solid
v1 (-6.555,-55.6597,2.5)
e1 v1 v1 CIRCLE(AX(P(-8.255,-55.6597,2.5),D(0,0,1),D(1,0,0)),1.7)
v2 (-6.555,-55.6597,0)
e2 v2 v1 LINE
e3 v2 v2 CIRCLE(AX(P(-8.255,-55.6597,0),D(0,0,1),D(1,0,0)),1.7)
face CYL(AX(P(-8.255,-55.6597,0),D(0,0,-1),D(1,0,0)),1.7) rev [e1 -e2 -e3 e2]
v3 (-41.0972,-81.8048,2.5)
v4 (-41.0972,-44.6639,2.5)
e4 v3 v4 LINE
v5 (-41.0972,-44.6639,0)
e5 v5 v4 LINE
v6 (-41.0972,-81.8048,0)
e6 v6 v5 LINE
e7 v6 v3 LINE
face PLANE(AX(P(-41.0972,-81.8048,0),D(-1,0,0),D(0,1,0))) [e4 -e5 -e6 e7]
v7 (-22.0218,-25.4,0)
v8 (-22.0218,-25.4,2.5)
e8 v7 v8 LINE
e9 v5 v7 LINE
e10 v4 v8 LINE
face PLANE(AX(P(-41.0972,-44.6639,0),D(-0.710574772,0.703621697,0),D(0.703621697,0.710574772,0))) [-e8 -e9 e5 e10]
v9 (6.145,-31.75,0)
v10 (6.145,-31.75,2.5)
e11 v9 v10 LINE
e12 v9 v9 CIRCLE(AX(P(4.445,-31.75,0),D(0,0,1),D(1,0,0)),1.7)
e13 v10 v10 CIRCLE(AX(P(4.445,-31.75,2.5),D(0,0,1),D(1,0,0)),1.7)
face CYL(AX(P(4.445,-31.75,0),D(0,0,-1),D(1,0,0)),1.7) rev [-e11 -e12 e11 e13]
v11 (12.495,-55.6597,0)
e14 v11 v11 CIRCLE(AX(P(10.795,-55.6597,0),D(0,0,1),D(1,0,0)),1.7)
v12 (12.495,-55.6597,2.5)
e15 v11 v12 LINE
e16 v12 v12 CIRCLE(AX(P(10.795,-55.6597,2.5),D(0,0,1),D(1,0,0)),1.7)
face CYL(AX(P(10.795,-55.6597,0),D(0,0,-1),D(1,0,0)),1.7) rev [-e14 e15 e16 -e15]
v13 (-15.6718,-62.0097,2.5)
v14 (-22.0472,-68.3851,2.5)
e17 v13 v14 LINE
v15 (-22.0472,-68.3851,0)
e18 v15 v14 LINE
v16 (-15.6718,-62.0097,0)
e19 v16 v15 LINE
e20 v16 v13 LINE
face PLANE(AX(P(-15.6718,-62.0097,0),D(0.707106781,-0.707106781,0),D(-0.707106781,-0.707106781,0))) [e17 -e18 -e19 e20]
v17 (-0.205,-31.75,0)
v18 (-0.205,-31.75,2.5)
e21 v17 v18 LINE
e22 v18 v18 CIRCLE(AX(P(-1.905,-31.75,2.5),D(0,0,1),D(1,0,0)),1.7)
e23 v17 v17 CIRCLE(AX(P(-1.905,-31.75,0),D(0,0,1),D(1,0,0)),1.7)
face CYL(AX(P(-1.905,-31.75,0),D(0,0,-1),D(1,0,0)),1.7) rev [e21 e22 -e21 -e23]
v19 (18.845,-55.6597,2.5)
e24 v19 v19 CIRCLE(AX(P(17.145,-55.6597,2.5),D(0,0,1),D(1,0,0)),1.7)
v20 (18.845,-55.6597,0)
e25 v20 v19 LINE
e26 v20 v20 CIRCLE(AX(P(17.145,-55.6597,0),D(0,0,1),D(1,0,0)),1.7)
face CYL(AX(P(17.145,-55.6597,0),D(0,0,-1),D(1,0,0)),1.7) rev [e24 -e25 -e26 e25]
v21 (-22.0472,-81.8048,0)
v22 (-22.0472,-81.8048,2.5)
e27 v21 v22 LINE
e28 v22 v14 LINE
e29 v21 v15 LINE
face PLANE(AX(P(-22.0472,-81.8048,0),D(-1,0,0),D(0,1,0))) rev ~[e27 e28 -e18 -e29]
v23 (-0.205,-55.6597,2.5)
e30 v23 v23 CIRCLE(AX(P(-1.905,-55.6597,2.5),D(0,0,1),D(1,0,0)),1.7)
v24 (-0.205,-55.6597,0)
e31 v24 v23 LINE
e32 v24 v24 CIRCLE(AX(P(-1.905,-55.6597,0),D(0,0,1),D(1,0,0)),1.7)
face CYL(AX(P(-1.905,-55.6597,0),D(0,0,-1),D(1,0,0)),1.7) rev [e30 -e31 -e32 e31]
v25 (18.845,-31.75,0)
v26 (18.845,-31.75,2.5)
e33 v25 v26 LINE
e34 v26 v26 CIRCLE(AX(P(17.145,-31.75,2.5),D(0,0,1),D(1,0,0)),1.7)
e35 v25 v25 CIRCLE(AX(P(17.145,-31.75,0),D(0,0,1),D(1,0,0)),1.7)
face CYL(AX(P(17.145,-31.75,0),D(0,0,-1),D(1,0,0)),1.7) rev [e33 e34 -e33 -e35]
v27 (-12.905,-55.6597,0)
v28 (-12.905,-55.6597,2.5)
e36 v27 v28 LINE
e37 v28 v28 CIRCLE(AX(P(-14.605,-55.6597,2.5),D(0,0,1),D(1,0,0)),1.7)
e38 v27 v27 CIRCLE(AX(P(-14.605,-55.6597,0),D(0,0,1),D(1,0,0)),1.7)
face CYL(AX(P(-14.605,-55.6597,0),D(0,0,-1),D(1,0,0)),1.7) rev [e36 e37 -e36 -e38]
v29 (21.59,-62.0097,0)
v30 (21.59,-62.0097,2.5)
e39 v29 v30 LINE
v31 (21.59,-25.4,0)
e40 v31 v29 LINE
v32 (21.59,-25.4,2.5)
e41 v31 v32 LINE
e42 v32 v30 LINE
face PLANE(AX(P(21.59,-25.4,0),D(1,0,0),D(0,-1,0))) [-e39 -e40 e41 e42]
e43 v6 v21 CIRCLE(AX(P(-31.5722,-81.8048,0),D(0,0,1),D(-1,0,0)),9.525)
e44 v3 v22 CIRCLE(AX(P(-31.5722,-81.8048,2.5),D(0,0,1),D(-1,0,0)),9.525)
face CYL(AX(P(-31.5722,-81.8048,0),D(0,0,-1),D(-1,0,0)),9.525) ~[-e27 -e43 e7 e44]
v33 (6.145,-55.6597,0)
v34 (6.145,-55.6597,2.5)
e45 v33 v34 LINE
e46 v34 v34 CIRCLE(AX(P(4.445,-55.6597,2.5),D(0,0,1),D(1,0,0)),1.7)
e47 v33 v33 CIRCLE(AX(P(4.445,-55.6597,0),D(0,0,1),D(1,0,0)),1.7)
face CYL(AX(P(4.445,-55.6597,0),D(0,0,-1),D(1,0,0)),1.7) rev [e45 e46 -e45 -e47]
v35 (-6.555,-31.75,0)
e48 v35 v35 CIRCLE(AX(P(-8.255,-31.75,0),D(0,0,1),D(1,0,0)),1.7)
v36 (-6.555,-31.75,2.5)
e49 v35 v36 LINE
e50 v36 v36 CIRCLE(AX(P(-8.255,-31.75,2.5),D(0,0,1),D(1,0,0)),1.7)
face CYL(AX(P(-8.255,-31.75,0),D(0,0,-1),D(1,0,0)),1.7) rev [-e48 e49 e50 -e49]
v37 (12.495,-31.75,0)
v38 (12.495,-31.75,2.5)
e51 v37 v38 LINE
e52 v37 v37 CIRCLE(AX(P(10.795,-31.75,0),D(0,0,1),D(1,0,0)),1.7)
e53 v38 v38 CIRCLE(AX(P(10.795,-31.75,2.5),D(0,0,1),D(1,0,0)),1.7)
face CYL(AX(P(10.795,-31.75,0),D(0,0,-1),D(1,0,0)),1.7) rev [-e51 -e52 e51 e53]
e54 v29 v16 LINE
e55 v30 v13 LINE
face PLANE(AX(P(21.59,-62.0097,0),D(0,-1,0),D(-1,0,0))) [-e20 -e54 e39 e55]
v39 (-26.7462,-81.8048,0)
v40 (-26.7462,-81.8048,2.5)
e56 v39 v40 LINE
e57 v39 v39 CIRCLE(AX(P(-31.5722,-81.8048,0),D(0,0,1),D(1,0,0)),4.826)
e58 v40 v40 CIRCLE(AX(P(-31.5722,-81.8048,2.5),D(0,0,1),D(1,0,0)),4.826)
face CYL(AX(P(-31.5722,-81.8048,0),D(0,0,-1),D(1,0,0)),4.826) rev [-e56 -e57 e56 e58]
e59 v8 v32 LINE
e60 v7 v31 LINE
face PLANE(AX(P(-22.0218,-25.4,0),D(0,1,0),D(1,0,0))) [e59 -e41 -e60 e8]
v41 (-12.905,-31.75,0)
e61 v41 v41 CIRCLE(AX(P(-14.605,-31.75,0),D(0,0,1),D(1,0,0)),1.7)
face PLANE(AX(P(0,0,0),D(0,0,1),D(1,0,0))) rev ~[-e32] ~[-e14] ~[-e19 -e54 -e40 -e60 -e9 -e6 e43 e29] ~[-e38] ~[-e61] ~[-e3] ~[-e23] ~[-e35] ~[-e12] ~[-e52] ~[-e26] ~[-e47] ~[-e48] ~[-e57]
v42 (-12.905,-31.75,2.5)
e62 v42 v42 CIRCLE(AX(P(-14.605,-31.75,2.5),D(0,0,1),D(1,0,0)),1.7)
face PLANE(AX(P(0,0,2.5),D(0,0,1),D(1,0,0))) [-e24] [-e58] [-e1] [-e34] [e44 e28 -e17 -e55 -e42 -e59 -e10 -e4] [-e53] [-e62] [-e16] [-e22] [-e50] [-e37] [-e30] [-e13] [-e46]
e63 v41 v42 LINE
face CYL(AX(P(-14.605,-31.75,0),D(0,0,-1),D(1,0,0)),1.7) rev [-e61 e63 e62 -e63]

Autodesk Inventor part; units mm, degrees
ref_plane "YZ Plane" through (0, 0, 0) normal (1, 0, 0) x (0, 1, 0)
ref_plane "XZ Plane" through (0, 0, 0) normal (0, 1, 0) x (-1, 0, 0)
ref_plane "XY Plane" through (0, 0, 0) normal (0, 0, 1) x (1, 0, 0)
ref_plane "Work Plane1" through (0, 0, 0) normal (0, 0, 1) x (1, 0, 0)
sketch "Sketch1" plane through (0, 0, 0) normal (0, 0, 1) x (1, 0, 0)
  line L0 (11.43, 0) -> (11.43, -63.5) construction
  line L1 (0, 0) -> (11.43, 0) construction
  line L2 (0, 0) -> (0, -63.5) construction
  line L3 (7.44, -34.7378) -> (0, -34.7378) construction
  circle A0 centre (5.715, -31.75) radius 1.7 construction
  line L4 (0, -63.5) -> (11.43, -63.5) construction
  circle A1 centre (5.715, -55.6597) radius 1.7 construction
  line L5 (21.59, -62.0097) -> (-15.6718, -62.0097)
  line L6 (-22.0218, -25.4) -> (21.59, -25.4)
  line L7 (21.59, -25.4) -> (21.59, -62.0097)
  line L8 (18.415, -31.75) -> (-14.605, -31.75) construction
  line L9 (18.923, -55.6597) -> (-14.605, -55.6597) construction
  circle A2 centre (-31.5722, -81.8048) radius 4.826
  arc A3 (-41.0972, -81.8048) -> (-22.0472, -81.8048) centre (-31.5722, -81.8048) ccw
  line L10 (-22.0218, -25.4) -> (-22.0218, -62.0097) construction
  line L11 (-41.0972, -81.8048) -> (-4.0676, -81.8048) construction
  line L12 (-41.0972, -44.6639) -> (-22.0218, -25.4)
  line L13 (-22.0472, -81.8048) -> (-22.0472, -68.3851)
  line L14 (-15.6718, -62.0097) -> (-22.0472, -68.3851)
  line L15 (-15.6718, -62.0097) -> (-6.6556, -62.0097) construction
  line L16 (21.59, -43.7048) -> (-43.6873, -43.7048) construction
  line L17 (21.59, -43.7048) -> (86.8673, -43.7048) construction
  line L18 (-41.0972, -81.8048) -> (-29.4827, -81.8048) construction
  line L19 (-41.0972, -81.8048) -> (-41.0972, -44.6639)
  line L20 (-41.0972, -81.8048) -> (-3.9563, -81.8048) construction
  circle A4 centre (-14.605, -31.75) radius 1.7
  circle A5 centre (-14.605, -55.6597) radius 1.7
  circle A6 centre (-8.255, -55.6597) radius 1.7
  circle A7 centre (-8.255, -31.75) radius 1.7
  circle A8 centre (-1.905, -55.6597) radius 1.7
  circle A9 centre (-1.905, -31.75) radius 1.7
  circle A10 centre (4.445, -55.6597) radius 1.7
  circle A11 centre (4.445, -31.75) radius 1.7
  circle A12 centre (10.795, -55.6597) radius 1.7
  circle A13 centre (10.795, -31.75) radius 1.7
  circle A14 centre (17.145, -55.6597) radius 1.7
  circle A15 centre (17.145, -31.75) radius 1.7
  point P0 (1.905, -31.75)
  point P1 (2.159, -55.6597)
extrude "Extrusion1" add sketch "Sketch1" along normal blind 2.5
properties part number "driven wheel arm angled adjustable holes"
